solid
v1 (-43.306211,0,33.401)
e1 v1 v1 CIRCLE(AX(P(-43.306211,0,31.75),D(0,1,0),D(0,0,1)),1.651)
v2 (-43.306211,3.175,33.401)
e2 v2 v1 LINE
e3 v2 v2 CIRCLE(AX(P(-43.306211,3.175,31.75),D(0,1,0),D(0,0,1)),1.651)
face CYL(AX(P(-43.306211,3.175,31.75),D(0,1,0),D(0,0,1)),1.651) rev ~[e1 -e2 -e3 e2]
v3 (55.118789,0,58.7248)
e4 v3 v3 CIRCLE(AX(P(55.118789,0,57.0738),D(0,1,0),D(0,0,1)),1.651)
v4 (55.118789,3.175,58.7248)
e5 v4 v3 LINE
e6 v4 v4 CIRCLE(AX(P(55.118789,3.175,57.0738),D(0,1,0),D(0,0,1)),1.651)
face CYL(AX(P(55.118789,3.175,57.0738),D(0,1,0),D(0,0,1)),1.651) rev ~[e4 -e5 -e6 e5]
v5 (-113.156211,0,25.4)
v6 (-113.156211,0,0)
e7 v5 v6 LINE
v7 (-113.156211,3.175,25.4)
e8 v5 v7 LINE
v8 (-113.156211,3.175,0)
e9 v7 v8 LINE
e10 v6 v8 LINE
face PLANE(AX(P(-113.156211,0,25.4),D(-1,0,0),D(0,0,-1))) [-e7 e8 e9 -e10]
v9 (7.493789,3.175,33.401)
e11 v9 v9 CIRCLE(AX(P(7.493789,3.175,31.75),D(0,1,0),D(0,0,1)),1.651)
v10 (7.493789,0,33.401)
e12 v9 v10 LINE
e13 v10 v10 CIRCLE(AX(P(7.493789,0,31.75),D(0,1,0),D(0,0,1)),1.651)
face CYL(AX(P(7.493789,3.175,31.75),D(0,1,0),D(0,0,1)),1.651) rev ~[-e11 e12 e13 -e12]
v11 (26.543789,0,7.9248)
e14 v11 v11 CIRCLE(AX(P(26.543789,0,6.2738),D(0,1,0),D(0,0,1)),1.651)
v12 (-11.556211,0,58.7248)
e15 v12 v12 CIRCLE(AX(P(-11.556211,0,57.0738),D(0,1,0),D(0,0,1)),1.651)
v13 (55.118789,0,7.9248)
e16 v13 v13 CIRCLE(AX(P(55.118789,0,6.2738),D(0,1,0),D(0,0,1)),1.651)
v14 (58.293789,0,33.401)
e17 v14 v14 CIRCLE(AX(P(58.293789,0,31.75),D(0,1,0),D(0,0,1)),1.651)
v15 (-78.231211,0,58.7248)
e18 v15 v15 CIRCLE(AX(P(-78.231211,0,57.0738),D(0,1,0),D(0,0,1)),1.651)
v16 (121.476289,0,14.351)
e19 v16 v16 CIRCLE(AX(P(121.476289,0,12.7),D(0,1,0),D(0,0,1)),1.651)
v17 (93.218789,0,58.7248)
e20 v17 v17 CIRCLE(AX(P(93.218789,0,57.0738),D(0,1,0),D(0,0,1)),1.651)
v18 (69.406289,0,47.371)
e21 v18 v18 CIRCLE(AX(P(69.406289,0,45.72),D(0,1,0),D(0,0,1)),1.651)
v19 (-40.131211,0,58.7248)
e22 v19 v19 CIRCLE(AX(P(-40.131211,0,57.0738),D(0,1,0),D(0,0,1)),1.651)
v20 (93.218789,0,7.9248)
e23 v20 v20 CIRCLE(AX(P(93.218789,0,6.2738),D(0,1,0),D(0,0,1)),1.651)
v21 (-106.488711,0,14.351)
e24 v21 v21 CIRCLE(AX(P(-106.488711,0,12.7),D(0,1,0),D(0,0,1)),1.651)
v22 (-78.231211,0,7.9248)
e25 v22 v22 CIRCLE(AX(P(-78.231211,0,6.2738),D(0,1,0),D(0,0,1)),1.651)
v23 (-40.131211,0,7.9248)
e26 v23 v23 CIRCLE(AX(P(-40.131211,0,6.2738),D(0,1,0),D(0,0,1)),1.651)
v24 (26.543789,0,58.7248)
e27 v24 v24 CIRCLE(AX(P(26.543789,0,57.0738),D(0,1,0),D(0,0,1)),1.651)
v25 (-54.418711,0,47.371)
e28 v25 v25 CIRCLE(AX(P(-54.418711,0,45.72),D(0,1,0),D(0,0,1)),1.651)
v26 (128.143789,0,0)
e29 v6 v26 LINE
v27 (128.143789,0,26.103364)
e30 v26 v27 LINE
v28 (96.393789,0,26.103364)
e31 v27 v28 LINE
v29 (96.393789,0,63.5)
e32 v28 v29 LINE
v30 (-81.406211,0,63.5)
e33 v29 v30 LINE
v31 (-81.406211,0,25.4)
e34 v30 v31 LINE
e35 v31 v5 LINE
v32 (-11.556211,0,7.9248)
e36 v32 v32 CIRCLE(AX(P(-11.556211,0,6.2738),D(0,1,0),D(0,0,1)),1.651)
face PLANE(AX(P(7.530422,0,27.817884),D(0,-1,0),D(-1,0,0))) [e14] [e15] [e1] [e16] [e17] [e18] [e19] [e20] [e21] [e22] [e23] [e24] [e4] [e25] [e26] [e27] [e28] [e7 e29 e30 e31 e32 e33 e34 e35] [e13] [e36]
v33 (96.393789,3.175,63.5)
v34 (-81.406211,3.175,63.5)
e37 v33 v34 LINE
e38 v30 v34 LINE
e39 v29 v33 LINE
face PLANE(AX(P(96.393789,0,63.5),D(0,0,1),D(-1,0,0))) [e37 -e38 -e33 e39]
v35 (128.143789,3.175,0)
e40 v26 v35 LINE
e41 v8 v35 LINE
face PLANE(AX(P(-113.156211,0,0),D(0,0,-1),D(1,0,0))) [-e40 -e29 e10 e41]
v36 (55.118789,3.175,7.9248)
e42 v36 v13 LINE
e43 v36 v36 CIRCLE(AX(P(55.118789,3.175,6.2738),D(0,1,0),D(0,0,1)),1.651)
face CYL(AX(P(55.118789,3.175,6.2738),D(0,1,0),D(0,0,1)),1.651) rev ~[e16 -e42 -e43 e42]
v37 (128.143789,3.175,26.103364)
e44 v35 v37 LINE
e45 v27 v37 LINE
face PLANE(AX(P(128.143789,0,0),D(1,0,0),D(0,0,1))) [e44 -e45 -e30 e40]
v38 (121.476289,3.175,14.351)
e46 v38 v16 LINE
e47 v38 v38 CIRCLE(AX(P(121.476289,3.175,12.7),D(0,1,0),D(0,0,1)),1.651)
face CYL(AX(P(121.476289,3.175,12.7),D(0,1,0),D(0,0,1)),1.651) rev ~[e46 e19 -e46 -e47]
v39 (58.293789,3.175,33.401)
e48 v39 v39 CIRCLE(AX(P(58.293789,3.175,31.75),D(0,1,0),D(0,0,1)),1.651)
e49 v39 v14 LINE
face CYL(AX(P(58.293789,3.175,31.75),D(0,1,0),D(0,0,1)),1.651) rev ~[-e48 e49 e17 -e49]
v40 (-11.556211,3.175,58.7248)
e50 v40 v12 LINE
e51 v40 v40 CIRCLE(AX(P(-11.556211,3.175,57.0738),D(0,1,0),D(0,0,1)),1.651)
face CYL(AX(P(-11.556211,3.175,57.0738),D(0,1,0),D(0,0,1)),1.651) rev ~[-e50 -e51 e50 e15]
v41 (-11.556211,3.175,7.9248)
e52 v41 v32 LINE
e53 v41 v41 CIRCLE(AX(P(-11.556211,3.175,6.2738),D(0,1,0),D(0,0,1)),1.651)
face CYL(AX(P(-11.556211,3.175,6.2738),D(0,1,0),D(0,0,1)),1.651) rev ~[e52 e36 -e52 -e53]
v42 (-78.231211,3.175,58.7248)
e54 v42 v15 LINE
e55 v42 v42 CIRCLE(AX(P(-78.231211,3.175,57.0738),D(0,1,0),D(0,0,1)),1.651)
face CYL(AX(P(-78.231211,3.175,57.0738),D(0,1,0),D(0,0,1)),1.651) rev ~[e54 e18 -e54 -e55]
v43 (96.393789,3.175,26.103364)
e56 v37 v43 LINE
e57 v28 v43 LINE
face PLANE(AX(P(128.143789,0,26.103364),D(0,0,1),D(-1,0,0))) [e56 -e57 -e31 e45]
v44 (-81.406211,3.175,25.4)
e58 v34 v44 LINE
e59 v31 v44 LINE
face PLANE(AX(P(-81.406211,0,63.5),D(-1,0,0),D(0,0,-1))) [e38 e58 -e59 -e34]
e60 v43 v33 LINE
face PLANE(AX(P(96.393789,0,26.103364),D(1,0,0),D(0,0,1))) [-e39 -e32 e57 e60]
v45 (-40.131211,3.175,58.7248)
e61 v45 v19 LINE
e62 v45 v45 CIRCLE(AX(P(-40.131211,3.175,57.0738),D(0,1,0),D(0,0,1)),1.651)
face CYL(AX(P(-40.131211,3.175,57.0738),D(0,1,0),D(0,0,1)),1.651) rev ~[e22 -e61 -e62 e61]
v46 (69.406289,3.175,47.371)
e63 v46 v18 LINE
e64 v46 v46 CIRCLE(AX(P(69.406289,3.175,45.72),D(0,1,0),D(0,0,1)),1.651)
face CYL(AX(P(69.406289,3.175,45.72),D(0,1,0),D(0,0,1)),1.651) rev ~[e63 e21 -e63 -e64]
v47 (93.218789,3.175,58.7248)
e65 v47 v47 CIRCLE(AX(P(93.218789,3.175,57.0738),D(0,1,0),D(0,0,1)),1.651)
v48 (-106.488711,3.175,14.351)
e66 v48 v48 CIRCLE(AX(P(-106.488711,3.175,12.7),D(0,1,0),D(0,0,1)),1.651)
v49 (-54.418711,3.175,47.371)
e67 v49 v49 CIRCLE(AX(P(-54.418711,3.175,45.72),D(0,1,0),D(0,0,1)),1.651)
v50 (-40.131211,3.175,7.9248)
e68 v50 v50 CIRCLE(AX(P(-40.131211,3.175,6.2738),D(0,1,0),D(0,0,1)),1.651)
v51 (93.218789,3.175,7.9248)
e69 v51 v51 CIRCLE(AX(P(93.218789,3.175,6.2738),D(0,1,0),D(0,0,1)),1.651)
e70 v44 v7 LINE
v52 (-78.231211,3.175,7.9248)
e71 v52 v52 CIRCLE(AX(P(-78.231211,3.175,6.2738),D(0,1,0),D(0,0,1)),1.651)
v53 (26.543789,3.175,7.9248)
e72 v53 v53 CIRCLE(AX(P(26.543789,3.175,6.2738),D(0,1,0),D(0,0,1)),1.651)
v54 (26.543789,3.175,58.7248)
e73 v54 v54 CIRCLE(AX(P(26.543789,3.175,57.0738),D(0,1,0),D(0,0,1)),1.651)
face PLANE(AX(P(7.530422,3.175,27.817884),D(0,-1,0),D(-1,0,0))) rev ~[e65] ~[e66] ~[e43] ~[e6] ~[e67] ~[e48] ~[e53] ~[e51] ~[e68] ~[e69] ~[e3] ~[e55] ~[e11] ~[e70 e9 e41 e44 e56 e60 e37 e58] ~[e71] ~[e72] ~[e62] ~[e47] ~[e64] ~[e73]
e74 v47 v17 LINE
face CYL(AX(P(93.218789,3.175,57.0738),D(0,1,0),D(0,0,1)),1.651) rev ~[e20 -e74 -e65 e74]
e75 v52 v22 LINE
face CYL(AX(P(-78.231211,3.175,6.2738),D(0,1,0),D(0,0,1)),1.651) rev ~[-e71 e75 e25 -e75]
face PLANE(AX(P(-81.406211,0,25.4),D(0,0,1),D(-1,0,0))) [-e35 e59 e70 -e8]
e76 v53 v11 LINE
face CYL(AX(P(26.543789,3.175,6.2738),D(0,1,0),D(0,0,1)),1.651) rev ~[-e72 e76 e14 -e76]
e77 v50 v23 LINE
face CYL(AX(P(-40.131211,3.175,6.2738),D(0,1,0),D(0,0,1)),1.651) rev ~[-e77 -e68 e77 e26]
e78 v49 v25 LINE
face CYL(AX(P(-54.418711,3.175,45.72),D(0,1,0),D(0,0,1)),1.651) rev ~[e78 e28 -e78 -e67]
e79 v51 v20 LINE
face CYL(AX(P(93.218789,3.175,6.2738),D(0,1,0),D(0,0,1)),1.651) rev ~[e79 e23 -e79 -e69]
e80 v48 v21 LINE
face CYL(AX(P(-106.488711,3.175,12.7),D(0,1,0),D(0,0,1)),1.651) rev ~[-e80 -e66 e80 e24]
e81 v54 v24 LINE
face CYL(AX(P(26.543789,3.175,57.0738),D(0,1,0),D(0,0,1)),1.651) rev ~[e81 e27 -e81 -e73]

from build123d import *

# Parameters (mm, degrees)
BOSS_EXTRUDE2_DEPTH = 3.175
SKETCH5_R           = 1.651
CUT_EXTRUDE3_DEPTH  = 3.175
SKETCH6_R           = 1.651
CUT_EXTRUDE4_DEPTH  = 3.175
SKETCH7_R           = 1.651
CUT_EXTRUDE5_DEPTH  = 3.81
SKETCH8_R           = 1.651
CUT_EXTRUDE6_DEPTH  = 3.81


with BuildPart() as part:
    # Sketch4 → Boss-Extrude2 (new body)
    with BuildSketch(Plane(origin=(0, 0, 0), x_dir=(1, 0, 0), z_dir=(0, 1, 0))):
        Polygon((-113.15621118, 0), (128.14378882, 0), (128.14378882, -26.103364389), (96.39378882, -26.103364389), (96.39378882, -63.5), (-81.40621118, -63.5), (-81.40621118, -25.4), (-113.15621118, -25.4), align=None)
    extrude(amount=BOSS_EXTRUDE2_DEPTH)

    # Sketch5 → Cut-Extrude3 (cut)
    with BuildSketch(Plane(origin=(0, 3.175, 0), x_dir=(1, 0, 0), z_dir=(0, 1, 0))):
        with Locations(Location((7.49378882, -31.75, 0), (0, 0, 270))):
            Circle(SKETCH5_R)
        with Locations(Location((58.29378882, -31.75, 0), (0, 0, 270))):
            Circle(SKETCH5_R)
        with Locations(Location((-43.30621118, -31.75, 0), (0, 0, 270))):
            Circle(SKETCH5_R)
    extrude(amount=-CUT_EXTRUDE3_DEPTH, mode=Mode.SUBTRACT)

    # Sketch6 → Cut-Extrude4 (cut)
    with BuildSketch(Plane(origin=(0, 3.175, 0), x_dir=(1, 0, 0), z_dir=(0, 1, 0))):
        with Locations(Location((69.40628882, -45.72, 0), (0, 0, 270))):
            Circle(SKETCH6_R)
        with Locations(Location((-54.41871118, -45.72, 0), (0, 0, 270))):
            Circle(SKETCH6_R)
        with Locations(Location((121.47628882, -12.7, 0), (0, 0, 270))):
            Circle(SKETCH6_R)
        with Locations(Location((-106.48871118, -12.7, 0), (0, 0, 270))):
            Circle(SKETCH6_R)
    extrude(amount=-CUT_EXTRUDE4_DEPTH, mode=Mode.SUBTRACT)

    # Sketch7 → Cut-Extrude5 (cut)
    with BuildSketch(Plane(origin=(0, 3.175, 0), x_dir=(1, 0, 0), z_dir=(0, 1, 0))):
        with Locations(Location((93.21878882, -57.0738, 0), (0, 0, 270))):
            Circle(SKETCH7_R)
        with Locations(Location((55.11878882, -57.0738, 0), (0, 0, 270))):
            Circle(SKETCH7_R)
        with Locations(Location((26.54378882, -57.0738, 0), (0, 0, 270))):
            Circle(SKETCH7_R)
        with Locations(Location((-11.55621118, -57.0738, 0), (0, 0, 270))):
            Circle(SKETCH7_R)
        with Locations(Location((-40.13121118, -57.0738, 0), (0, 0, 270))):
            Circle(SKETCH7_R)
        with Locations(Location((-78.23121118, -57.0738, 0), (0, 0, 270))):
            Circle(SKETCH7_R)
    extrude(amount=-CUT_EXTRUDE5_DEPTH, mode=Mode.SUBTRACT)

    # Sketch8 → Cut-Extrude6 (cut)
    with BuildSketch(Plane(origin=(0, 3.175, 0), x_dir=(1, 0, 0), z_dir=(0, 1, 0))):
        with Locations(Location((93.21878882, -6.2738, 0), (0, 0, 270))):
            Circle(SKETCH8_R)
        with Locations(Location((55.11878882, -6.2738, 0), (0, 0, 270))):
            Circle(SKETCH8_R)
        with Locations(Location((26.54378882, -6.2738, 0), (0, 0, 270))):
            Circle(SKETCH8_R)
        with Locations(Location((-11.55621118, -6.2738, 0), (0, 0, 270))):
            Circle(SKETCH8_R)
        with Locations(Location((-40.13121118, -6.2738, 0), (0, 0, 270))):
            Circle(SKETCH8_R)
        with Locations(Location((-78.23121118, -6.2738, 0), (0, 0, 270))):
            Circle(SKETCH8_R)
    extrude(amount=-CUT_EXTRUDE6_DEPTH, mode=Mode.SUBTRACT)


solid = part.part
